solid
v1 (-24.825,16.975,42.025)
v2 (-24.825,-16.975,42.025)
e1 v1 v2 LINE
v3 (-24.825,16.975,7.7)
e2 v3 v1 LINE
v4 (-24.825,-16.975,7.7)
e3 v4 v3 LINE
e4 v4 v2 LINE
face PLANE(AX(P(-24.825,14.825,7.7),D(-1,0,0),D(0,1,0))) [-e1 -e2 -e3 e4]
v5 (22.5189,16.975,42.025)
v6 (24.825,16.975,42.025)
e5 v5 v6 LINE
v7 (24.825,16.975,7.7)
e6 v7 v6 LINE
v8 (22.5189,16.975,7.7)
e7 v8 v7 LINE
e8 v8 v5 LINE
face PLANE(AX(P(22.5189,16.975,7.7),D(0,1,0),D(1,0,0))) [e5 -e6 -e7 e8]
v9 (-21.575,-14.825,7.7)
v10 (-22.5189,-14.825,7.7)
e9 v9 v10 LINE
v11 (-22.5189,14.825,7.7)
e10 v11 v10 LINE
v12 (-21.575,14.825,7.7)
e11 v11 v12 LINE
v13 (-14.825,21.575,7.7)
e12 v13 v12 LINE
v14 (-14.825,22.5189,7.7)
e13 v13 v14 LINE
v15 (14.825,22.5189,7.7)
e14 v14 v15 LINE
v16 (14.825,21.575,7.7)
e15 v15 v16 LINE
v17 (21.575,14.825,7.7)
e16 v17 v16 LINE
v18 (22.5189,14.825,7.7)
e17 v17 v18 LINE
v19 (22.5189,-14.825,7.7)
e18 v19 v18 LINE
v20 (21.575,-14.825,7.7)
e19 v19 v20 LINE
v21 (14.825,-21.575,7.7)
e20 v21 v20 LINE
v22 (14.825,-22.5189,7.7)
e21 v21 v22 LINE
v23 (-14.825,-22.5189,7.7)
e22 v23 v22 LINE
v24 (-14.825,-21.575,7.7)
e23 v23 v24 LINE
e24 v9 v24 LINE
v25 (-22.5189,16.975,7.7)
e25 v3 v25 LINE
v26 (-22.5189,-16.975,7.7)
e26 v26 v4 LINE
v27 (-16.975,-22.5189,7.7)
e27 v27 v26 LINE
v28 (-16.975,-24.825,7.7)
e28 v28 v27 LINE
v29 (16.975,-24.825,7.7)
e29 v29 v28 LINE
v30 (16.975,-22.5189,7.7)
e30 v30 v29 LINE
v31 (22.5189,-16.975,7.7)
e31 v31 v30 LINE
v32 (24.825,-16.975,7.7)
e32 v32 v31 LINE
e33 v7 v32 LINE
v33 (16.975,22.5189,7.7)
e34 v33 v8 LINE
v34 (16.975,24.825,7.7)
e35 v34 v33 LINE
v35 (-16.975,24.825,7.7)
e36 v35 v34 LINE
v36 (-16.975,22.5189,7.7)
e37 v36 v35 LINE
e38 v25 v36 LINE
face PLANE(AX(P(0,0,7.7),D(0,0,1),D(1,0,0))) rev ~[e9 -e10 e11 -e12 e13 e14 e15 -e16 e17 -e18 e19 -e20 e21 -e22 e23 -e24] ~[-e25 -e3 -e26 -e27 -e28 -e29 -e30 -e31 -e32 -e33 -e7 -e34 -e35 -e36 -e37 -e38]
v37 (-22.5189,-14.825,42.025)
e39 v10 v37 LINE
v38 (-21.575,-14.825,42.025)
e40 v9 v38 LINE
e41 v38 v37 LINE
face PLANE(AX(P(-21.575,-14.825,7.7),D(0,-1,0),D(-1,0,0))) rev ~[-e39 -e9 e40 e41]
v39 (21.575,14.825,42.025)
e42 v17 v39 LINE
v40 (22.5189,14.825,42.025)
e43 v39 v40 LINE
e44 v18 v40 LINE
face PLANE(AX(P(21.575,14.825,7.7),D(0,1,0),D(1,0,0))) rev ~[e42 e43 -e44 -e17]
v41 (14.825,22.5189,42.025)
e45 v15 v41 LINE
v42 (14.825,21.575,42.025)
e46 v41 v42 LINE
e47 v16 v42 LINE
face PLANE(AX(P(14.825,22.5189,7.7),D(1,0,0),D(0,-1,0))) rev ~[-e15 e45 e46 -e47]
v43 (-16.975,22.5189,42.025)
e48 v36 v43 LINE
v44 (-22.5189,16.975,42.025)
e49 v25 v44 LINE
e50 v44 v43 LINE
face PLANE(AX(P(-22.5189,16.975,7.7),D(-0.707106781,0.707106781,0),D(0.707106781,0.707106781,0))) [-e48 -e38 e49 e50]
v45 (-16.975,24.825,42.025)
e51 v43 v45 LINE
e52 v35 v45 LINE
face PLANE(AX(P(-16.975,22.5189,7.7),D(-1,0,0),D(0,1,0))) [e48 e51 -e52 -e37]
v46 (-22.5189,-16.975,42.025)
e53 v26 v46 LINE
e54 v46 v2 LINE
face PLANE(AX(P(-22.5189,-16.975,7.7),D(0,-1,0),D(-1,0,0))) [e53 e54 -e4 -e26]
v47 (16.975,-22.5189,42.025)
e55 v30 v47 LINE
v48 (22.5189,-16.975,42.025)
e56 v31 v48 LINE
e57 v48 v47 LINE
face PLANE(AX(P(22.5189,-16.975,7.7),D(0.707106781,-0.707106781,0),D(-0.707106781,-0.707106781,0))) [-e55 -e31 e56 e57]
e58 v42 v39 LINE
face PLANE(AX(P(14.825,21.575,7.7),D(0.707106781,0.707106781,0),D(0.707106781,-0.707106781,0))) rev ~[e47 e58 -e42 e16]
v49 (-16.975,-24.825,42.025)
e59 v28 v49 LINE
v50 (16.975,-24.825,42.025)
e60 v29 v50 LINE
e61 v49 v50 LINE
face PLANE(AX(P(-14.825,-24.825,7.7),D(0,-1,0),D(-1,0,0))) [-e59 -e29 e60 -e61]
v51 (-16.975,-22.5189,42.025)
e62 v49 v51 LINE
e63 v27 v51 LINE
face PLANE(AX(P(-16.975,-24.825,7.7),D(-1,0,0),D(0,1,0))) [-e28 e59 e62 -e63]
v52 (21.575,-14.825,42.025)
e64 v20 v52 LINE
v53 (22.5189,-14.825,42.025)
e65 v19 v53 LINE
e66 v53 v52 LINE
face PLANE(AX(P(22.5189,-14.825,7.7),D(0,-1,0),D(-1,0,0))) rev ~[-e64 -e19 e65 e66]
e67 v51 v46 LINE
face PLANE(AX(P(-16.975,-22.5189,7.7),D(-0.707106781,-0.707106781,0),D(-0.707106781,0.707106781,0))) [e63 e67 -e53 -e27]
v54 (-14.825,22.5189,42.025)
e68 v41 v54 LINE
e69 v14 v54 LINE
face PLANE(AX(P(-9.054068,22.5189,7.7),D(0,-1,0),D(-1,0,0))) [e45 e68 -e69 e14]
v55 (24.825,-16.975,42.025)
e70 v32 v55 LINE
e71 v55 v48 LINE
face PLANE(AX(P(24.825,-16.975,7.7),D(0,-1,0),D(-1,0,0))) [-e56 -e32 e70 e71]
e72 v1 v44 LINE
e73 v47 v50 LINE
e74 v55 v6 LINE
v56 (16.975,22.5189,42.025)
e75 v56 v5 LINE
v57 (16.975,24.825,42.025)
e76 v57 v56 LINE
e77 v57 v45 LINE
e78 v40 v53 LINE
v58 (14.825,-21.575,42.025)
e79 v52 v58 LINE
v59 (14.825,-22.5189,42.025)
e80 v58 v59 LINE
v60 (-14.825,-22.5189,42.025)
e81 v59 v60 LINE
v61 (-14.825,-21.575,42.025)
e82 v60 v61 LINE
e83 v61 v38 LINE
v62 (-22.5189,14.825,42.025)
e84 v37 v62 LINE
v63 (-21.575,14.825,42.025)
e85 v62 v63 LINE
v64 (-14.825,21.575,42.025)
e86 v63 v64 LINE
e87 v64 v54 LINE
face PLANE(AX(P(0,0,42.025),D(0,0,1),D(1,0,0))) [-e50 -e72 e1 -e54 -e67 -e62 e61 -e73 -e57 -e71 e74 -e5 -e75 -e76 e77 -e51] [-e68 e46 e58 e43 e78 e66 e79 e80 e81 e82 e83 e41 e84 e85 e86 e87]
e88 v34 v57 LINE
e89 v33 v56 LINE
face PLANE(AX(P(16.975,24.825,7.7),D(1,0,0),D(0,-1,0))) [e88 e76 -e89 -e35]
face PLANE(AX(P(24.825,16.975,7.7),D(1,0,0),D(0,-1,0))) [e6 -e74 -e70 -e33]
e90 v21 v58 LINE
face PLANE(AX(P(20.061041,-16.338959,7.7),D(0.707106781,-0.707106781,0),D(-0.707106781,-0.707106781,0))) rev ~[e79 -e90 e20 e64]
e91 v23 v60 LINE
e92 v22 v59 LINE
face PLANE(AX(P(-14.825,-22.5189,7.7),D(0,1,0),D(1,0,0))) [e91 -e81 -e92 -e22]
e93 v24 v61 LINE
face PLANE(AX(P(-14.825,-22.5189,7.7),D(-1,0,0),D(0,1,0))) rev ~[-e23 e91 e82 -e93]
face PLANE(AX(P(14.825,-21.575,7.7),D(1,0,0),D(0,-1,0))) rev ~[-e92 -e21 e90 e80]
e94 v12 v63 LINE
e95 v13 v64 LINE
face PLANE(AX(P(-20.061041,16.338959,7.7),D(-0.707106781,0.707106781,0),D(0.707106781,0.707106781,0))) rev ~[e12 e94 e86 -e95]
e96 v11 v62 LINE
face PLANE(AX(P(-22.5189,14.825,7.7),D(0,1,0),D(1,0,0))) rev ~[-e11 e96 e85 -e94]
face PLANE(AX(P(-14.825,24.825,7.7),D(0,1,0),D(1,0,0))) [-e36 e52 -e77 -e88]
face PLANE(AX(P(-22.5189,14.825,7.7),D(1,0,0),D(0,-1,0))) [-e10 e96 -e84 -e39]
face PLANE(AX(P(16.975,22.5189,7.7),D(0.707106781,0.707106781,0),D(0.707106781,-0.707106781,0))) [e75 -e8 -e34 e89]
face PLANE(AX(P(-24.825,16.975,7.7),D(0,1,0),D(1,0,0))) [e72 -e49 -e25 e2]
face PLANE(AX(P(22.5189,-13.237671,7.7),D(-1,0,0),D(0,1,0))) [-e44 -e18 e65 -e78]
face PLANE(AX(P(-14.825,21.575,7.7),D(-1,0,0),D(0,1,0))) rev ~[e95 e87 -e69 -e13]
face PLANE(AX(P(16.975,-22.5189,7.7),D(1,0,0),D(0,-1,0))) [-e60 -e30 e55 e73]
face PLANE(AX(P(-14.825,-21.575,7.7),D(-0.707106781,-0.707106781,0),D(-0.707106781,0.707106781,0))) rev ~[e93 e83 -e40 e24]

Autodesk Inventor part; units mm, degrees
ref_plane "YZ Plane" through (0, 0, 0) normal (1, 0, 0) x (0, 1, 0)
ref_plane "XZ Plane" through (0, 0, 0) normal (0, 1, 0) x (-1, 0, 0)
sketch "Sketch1" plane through (0, 0, 0) normal (0, 0, 1) x (1, 0, 0)
  circle A0 centre (-10, 20.9) radius 1.875 projected
  circle A1 centre (-10, -20.9) radius 1.875 projected
  circle A2 centre (10, 20.9) radius 1.875 projected
  circle A3 centre (10, -20.9) radius 1.875 projected
  circle A4 centre (20.8, -14.4) radius 2.075 projected
  circle A5 centre (20.8, 14.4) radius 2.075 projected
  circle A6 centre (-20.8, 14.4) radius 2.075 projected
  circle A7 centre (-20.8, -14.4) radius 2.075 projected
  line L0 (16.9, -16.9) -> (-16.9, -16.9) projected
  line L1 (-16.9, -16.9) -> (-16.9, 16.9) projected
  line L2 (-16.9, 16.9) -> (16.9, 16.9) projected
  line L3 (16.9, 16.9) -> (16.9, -16.9) projected
  line L4 (-17.05, 24.9) -> (-17.05, 22.55) projected
  line L5 (-17.05, 22.55) -> (-22.55, 17.05) projected
  line L6 (-22.55, 17.05) -> (-24.9, 17.05) projected
  line L7 (-24.9, 17.05) -> (-24.9, -17.05) projected
  line L8 (-24.9, -17.05) -> (-22.55, -17.05) projected
  line L9 (-22.55, -17.05) -> (-17.05, -22.55) projected
  line L10 (-17.05, -22.55) -> (-17.05, -24.9) projected
  line L11 (-17.05, -24.9) -> (17.05, -24.9) projected
  line L12 (17.05, -24.9) -> (17.05, -22.55) projected
  line L13 (17.05, -22.55) -> (22.55, -17.05) projected
  line L14 (22.55, -17.05) -> (24.9, -17.05) projected
  line L15 (24.9, -17.05) -> (24.9, 17.05) projected
  line L16 (24.9, 17.05) -> (22.55, 17.05) projected
  line L17 (22.55, 17.05) -> (17.05, 22.55) projected
  line L18 (17.05, 22.55) -> (17.05, 24.9) projected
  line L19 (17.05, 24.9) -> (-17.05, 24.9) projected
  line L20 (24.825, 16.975) -> (24.825, -16.975)
  line L21 (24.825, -16.975) -> (22.5189, -16.975)
  line L22 (22.5189, -16.975) -> (16.975, -22.5189)
  line L23 (16.975, -22.5189) -> (16.975, -24.825)
  line L24 (16.975, -24.825) -> (-16.975, -24.825)
  line L25 (-16.975, -24.825) -> (-16.975, -22.5189)
  line L26 (-16.975, -22.5189) -> (-22.5189, -16.975)
  line L27 (-22.5189, -16.975) -> (-24.825, -16.975)
  line L28 (-24.825, -16.975) -> (-24.825, 16.975)
  line L29 (-24.825, 16.975) -> (-22.5189, 16.975)
  line L30 (-22.5189, 16.975) -> (-16.975, 22.5189)
  line L31 (-16.975, 22.5189) -> (-16.975, 24.825)
  line L32 (-16.975, 24.825) -> (16.975, 24.825)
  line L33 (16.975, 24.825) -> (16.975, 22.5189)
  line L34 (16.975, 22.5189) -> (22.5189, 16.975)
  line L35 (22.5189, 16.975) -> (24.825, 16.975)
  line L36 (22.5189, -16.975) -> (22.5189, 16.975)
  line L37 (16.975, 22.5189) -> (-16.975, 22.5189)
  line L38 (-22.5189, 16.975) -> (-22.5189, -16.975)
  line L39 (-16.975, -22.5189) -> (16.975, -22.5189)
  line L40 (16.975, 24.825) -> (24.825, 24.825)
  line L41 (24.825, 24.825) -> (24.825, 16.975)
  line L42 (24.825, 24.825) -> (14.825, 24.825)
  line L43 (14.825, 24.825) -> (14.825, 21.575)
  line L44 (21.575, 14.825) -> (24.825, 14.825)
  line L45 (24.825, 14.825) -> (24.825, 24.825)
  line L46 (14.825, 21.575) -> (21.575, 14.825)
  line L47 (-21.575, 14.825) -> (-14.825, 21.575)
  line L48 (-14.825, 21.575) -> (-14.825, 24.825)
  line L49 (-24.825, 14.825) -> (-21.575, 14.825)
  line L50 (-14.825, -21.575) -> (-21.575, -14.825)
  line L51 (-21.575, -14.825) -> (-24.825, -14.825)
  line L52 (-14.825, -24.825) -> (-14.825, -21.575)
  line L53 (21.575, -14.825) -> (14.825, -21.575)
  line L54 (14.825, -21.575) -> (14.825, -24.825)
  line L55 (24.825, -14.825) -> (21.575, -14.825)
  point P0 (0, 0)
  point P1 (14.825, 14.825)
  point P2 (22.5189, 14.825)
  point P3 (22.5189, -14.825)
  point P4 (14.825, -22.5189)
  point P5 (-14.825, -22.5189)
  point P6 (-22.5189, -14.825)
  point P7 (-22.5189, 14.825)
  point P8 (-14.825, 22.5189)
  point P9 (14.825, 22.5189)
  dimension "d0" = 0.075
  dimension "d3" = 360
  dimension "d5" = 10
  dimension "d6" = 10
  dimension "d7" = 6.75
  dimension "d8" = 6.75
  dimension "d11" = 360
ref_plane "Work Plane1" through (-24.9, -24.9, 7.7) normal (0, 0, 1) x (1, 0, 0)
extrude "Extrusion1" add sketch "Sketch1" along normal blind 34.325 from surface at 7.7 contours L37 A0 | A0 L37 L48 L32 L43 A2 | A2 L37 | L48 L47 A6 L38 L30 L37 | L37 L31 L32 L48 | L43 L32 L33 L37 | L37 L34 L36 A5 L46 L43 | L38 A6 L49 L28 L29 | L47 L49 L38 A6 | L38 L49 A6 | L35 L20 L44 A5 L36 | A5 L36 L44 L46 | L49 A6 L38 A7 L51 L28 | L49 L38 A6 | A5 L44 L36 | L36 L44 A5 | A5 L44 L20 L55 A4 L36 | L51 A7 L38 L27 L28 | L38 L51 A7 | A4 L55 L36 | L51 L38 A7 | L51 L50 A7 L38 | L20 L21 L36 A4 L55 | L53 L55 L36 A4 | A4 L36 L22 L39 L54 L53 | L55 A4 L36 | L38 A7 L50 L52 L39 L26 | L39 L52 L24 L25 | L54 L24 L52 L39 A1 A3 | L39 L23 L24 L54 | A3 L39 | L39 A1 picked at (-9.805, 22.5731) picked at (9.805, 22.5731) picked at (-20.715, 15.8728) picked at (20.715, 15.8728) picked at (-20.715, -15.8728) picked at (20.715, -15.8728) picked at (10.195, -22.5731) picked at (-9.805, -22.5731)
properties part number "Tunnel Vertical"
